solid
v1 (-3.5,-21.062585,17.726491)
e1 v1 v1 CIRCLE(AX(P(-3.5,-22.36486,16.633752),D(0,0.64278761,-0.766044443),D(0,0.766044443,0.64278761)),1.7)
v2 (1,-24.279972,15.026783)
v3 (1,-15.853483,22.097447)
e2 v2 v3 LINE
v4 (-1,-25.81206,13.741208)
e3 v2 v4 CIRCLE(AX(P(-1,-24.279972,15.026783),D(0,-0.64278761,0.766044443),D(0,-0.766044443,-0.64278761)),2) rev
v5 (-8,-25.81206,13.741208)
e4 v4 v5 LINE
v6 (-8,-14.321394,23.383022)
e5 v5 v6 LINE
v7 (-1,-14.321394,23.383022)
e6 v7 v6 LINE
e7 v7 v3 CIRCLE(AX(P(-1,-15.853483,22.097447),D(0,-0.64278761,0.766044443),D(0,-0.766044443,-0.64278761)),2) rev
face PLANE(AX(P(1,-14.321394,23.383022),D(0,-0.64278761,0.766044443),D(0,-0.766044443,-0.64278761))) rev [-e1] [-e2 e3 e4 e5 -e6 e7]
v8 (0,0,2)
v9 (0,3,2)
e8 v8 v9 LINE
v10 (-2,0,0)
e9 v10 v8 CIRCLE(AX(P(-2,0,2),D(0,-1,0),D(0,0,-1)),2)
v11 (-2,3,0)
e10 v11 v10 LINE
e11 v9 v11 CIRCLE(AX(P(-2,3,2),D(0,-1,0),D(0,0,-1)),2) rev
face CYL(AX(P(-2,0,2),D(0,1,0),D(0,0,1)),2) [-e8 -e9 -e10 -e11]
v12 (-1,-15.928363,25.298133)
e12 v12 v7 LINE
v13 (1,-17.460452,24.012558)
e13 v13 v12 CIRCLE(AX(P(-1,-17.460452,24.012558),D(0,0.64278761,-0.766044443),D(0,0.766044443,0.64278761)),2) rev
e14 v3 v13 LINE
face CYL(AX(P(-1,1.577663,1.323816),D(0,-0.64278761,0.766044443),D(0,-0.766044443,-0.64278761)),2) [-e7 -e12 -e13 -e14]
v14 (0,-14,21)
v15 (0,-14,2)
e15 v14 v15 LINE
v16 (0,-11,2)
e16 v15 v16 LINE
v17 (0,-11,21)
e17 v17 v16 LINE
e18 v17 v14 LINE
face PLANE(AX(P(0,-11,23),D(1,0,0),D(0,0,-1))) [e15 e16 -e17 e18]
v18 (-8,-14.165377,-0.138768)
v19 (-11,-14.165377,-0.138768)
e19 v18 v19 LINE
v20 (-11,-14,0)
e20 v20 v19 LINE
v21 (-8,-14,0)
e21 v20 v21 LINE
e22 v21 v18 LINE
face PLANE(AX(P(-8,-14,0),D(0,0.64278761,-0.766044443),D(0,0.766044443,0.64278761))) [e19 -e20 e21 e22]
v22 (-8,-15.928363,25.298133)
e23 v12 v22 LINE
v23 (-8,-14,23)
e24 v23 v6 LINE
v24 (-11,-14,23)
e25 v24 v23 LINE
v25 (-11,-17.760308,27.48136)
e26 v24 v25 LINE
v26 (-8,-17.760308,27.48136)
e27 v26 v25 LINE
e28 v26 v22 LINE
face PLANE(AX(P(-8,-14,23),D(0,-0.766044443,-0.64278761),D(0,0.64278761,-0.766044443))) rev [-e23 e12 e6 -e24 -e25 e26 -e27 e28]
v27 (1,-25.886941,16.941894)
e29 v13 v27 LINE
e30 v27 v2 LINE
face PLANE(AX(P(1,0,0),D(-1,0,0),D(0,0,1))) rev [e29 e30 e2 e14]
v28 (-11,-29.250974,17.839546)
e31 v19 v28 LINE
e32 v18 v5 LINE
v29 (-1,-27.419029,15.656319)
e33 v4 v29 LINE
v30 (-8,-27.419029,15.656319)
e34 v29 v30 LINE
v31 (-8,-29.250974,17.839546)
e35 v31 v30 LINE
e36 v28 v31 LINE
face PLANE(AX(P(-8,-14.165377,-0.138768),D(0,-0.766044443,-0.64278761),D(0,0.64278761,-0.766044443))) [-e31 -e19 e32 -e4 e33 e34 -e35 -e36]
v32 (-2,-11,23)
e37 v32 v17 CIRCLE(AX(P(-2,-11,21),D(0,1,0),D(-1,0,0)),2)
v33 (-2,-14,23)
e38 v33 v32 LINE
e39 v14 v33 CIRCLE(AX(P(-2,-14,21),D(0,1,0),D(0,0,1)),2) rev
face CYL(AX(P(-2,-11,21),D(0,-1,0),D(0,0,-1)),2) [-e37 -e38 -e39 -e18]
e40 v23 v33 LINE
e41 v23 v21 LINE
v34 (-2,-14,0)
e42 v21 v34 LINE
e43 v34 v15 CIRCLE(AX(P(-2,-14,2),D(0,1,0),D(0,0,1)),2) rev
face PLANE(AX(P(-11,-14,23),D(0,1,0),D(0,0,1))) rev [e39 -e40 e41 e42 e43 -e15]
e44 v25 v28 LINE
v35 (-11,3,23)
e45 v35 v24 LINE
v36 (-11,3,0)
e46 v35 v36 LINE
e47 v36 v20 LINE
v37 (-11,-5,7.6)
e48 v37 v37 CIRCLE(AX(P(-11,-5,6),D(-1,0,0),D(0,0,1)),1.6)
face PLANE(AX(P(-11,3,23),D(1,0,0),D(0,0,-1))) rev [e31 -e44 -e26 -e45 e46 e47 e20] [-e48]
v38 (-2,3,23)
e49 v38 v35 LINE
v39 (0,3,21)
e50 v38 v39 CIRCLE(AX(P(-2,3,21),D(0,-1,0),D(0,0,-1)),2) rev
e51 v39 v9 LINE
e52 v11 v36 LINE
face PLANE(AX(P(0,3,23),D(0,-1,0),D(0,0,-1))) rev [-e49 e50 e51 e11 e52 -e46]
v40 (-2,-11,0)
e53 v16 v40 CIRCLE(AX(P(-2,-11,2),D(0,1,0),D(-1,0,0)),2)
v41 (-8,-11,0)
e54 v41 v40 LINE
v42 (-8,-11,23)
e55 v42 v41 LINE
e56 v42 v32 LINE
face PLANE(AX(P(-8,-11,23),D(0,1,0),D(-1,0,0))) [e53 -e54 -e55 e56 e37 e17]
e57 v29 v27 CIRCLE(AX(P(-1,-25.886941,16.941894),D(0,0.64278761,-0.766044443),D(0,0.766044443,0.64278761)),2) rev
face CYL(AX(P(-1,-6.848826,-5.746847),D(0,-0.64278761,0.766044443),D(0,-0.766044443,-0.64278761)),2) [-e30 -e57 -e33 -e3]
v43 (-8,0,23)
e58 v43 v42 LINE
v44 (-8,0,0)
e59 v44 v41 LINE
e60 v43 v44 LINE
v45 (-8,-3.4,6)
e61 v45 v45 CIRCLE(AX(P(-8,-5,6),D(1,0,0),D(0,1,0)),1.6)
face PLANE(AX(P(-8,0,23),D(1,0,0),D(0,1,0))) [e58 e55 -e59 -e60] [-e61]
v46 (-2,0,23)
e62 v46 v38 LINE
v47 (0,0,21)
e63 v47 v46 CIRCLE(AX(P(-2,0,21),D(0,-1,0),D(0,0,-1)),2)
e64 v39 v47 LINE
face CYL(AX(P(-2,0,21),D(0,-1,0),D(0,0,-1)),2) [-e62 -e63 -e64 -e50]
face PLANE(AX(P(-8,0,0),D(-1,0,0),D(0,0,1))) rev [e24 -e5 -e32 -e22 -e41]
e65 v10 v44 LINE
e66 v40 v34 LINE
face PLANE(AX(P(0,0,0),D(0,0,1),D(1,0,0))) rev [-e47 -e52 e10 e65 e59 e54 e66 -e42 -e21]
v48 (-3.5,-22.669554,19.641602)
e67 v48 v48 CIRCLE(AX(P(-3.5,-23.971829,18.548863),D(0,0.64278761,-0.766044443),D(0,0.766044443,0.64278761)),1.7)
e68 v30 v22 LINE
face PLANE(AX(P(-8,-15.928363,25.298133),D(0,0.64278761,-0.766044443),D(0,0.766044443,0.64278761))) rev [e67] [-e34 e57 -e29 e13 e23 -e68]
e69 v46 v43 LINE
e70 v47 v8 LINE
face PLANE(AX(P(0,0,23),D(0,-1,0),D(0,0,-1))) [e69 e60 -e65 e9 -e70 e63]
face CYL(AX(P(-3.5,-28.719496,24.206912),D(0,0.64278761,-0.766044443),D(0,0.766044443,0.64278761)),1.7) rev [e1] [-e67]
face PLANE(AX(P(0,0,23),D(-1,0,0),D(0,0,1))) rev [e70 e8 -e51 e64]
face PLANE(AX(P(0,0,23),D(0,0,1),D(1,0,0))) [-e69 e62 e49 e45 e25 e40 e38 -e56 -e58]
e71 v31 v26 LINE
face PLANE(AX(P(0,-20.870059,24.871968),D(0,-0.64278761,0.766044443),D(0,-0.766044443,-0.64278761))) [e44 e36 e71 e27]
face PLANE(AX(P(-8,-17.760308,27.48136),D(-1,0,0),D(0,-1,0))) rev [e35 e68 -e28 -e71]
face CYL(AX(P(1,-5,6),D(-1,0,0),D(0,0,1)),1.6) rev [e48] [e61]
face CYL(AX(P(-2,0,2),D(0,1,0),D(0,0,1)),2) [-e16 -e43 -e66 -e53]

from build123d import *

# Parameters (mm, degrees)
BOSS_EXTRUDE1_DEPTH = 23
BOSS_EXTRUDE3_DEPTH = 3
BOSS_EXTRUDE4_DEPTH = 9
SKETCH4_R           = 1.7
CUT_EXTRUDE1_DEPTH  = 32.237159536
SKETCH5_W           = 3
SKETCH5_H           = 15
BOSS_EXTRUDE5_DEPTH = 2.85
SKETCH6_R           = 1.6
CUT_EXTRUDE2_DEPTH  = 42.890865789
FILLET1_R           = 2


with BuildPart() as part:
    # Sketch1 → Boss-Extrude1 (new body)
    with BuildSketch(Plane.XY):
        Polygon((0, 0), (-8, 0), (-8, -11), (0, -11), (0, -14), (-11, -14), (-11, 3), (0, 3), align=None)
    extrude(amount=BOSS_EXTRUDE1_DEPTH)

    # Sketch2 → Boss-Extrude3 (add)
    with BuildSketch(Plane.ZY.offset(11)):
        Polygon((23, -14), (0, -14), (-0.138768188, -14.165377487), (15.656319184, -27.419029476), (25.298133329, -15.928362829), align=None)
    extrude(amount=-BOSS_EXTRUDE3_DEPTH)

    # Sketch3 → Boss-Extrude4 (add)
    with BuildSketch(Plane(origin=(-8, 0, 0), x_dir=(0, 0, -1), z_dir=(1, 0, 0))):
        Polygon((-25.298133329, -15.928362829), (-23.383022222, -14.321393805), (-13.741208076, -25.812060452), (-15.656319184, -27.419029476), align=None)
    extrude(amount=BOSS_EXTRUDE4_DEPTH)

    # Sketch4 → Cut-Extrude1 (cut, through all)
    with BuildSketch(Plane(origin=(0, -17.431145721, 20.773630536), x_dir=(-1, 0, 0), z_dir=(0, 0.6427876096865378, -0.7660444431189795))):
        with Locations(Location((3.5, -6.440507181, 0), (0, 0, 90))):
            Circle(SKETCH4_R)
    extrude(amount=-CUT_EXTRUDE1_DEPTH, mode=Mode.SUBTRACT)

    # Sketch5 → Boss-Extrude5 (add)
    with BuildSketch(Plane(origin=(0, -19.038114745, 22.688741644), x_dir=(1, 0, 0), z_dir=(0, -0.6427876096865379, 0.7660444431189792))):
        with Locations((-9.5, -3.440507181)):
            Rectangle(SKETCH5_W, SKETCH5_H)
    extrude(amount=BOSS_EXTRUDE5_DEPTH)

    # Sketch6 → Cut-Extrude2 (cut, through all)
    with BuildSketch(Plane.ZY.offset(11)):
        with Locations((6, -5)):
            Circle(SKETCH6_R)
    extrude(amount=-CUT_EXTRUDE2_DEPTH, mode=Mode.SUBTRACT)

    # Fillet1
    fillet1_edges = [part.edges().sort_by_distance(p)[0] for p in [
        (0, 1.5, 0),
        (0, -12.5, 23),
        (0, 1.5, 23),
        (1, -26.615544964, 14.69876363),
        (1, -15.124878317, 24.340577775),
        (0, -12.5, 0),
    ]]
    fillet(fillet1_edges, radius=FILLET1_R)


solid = part.part
